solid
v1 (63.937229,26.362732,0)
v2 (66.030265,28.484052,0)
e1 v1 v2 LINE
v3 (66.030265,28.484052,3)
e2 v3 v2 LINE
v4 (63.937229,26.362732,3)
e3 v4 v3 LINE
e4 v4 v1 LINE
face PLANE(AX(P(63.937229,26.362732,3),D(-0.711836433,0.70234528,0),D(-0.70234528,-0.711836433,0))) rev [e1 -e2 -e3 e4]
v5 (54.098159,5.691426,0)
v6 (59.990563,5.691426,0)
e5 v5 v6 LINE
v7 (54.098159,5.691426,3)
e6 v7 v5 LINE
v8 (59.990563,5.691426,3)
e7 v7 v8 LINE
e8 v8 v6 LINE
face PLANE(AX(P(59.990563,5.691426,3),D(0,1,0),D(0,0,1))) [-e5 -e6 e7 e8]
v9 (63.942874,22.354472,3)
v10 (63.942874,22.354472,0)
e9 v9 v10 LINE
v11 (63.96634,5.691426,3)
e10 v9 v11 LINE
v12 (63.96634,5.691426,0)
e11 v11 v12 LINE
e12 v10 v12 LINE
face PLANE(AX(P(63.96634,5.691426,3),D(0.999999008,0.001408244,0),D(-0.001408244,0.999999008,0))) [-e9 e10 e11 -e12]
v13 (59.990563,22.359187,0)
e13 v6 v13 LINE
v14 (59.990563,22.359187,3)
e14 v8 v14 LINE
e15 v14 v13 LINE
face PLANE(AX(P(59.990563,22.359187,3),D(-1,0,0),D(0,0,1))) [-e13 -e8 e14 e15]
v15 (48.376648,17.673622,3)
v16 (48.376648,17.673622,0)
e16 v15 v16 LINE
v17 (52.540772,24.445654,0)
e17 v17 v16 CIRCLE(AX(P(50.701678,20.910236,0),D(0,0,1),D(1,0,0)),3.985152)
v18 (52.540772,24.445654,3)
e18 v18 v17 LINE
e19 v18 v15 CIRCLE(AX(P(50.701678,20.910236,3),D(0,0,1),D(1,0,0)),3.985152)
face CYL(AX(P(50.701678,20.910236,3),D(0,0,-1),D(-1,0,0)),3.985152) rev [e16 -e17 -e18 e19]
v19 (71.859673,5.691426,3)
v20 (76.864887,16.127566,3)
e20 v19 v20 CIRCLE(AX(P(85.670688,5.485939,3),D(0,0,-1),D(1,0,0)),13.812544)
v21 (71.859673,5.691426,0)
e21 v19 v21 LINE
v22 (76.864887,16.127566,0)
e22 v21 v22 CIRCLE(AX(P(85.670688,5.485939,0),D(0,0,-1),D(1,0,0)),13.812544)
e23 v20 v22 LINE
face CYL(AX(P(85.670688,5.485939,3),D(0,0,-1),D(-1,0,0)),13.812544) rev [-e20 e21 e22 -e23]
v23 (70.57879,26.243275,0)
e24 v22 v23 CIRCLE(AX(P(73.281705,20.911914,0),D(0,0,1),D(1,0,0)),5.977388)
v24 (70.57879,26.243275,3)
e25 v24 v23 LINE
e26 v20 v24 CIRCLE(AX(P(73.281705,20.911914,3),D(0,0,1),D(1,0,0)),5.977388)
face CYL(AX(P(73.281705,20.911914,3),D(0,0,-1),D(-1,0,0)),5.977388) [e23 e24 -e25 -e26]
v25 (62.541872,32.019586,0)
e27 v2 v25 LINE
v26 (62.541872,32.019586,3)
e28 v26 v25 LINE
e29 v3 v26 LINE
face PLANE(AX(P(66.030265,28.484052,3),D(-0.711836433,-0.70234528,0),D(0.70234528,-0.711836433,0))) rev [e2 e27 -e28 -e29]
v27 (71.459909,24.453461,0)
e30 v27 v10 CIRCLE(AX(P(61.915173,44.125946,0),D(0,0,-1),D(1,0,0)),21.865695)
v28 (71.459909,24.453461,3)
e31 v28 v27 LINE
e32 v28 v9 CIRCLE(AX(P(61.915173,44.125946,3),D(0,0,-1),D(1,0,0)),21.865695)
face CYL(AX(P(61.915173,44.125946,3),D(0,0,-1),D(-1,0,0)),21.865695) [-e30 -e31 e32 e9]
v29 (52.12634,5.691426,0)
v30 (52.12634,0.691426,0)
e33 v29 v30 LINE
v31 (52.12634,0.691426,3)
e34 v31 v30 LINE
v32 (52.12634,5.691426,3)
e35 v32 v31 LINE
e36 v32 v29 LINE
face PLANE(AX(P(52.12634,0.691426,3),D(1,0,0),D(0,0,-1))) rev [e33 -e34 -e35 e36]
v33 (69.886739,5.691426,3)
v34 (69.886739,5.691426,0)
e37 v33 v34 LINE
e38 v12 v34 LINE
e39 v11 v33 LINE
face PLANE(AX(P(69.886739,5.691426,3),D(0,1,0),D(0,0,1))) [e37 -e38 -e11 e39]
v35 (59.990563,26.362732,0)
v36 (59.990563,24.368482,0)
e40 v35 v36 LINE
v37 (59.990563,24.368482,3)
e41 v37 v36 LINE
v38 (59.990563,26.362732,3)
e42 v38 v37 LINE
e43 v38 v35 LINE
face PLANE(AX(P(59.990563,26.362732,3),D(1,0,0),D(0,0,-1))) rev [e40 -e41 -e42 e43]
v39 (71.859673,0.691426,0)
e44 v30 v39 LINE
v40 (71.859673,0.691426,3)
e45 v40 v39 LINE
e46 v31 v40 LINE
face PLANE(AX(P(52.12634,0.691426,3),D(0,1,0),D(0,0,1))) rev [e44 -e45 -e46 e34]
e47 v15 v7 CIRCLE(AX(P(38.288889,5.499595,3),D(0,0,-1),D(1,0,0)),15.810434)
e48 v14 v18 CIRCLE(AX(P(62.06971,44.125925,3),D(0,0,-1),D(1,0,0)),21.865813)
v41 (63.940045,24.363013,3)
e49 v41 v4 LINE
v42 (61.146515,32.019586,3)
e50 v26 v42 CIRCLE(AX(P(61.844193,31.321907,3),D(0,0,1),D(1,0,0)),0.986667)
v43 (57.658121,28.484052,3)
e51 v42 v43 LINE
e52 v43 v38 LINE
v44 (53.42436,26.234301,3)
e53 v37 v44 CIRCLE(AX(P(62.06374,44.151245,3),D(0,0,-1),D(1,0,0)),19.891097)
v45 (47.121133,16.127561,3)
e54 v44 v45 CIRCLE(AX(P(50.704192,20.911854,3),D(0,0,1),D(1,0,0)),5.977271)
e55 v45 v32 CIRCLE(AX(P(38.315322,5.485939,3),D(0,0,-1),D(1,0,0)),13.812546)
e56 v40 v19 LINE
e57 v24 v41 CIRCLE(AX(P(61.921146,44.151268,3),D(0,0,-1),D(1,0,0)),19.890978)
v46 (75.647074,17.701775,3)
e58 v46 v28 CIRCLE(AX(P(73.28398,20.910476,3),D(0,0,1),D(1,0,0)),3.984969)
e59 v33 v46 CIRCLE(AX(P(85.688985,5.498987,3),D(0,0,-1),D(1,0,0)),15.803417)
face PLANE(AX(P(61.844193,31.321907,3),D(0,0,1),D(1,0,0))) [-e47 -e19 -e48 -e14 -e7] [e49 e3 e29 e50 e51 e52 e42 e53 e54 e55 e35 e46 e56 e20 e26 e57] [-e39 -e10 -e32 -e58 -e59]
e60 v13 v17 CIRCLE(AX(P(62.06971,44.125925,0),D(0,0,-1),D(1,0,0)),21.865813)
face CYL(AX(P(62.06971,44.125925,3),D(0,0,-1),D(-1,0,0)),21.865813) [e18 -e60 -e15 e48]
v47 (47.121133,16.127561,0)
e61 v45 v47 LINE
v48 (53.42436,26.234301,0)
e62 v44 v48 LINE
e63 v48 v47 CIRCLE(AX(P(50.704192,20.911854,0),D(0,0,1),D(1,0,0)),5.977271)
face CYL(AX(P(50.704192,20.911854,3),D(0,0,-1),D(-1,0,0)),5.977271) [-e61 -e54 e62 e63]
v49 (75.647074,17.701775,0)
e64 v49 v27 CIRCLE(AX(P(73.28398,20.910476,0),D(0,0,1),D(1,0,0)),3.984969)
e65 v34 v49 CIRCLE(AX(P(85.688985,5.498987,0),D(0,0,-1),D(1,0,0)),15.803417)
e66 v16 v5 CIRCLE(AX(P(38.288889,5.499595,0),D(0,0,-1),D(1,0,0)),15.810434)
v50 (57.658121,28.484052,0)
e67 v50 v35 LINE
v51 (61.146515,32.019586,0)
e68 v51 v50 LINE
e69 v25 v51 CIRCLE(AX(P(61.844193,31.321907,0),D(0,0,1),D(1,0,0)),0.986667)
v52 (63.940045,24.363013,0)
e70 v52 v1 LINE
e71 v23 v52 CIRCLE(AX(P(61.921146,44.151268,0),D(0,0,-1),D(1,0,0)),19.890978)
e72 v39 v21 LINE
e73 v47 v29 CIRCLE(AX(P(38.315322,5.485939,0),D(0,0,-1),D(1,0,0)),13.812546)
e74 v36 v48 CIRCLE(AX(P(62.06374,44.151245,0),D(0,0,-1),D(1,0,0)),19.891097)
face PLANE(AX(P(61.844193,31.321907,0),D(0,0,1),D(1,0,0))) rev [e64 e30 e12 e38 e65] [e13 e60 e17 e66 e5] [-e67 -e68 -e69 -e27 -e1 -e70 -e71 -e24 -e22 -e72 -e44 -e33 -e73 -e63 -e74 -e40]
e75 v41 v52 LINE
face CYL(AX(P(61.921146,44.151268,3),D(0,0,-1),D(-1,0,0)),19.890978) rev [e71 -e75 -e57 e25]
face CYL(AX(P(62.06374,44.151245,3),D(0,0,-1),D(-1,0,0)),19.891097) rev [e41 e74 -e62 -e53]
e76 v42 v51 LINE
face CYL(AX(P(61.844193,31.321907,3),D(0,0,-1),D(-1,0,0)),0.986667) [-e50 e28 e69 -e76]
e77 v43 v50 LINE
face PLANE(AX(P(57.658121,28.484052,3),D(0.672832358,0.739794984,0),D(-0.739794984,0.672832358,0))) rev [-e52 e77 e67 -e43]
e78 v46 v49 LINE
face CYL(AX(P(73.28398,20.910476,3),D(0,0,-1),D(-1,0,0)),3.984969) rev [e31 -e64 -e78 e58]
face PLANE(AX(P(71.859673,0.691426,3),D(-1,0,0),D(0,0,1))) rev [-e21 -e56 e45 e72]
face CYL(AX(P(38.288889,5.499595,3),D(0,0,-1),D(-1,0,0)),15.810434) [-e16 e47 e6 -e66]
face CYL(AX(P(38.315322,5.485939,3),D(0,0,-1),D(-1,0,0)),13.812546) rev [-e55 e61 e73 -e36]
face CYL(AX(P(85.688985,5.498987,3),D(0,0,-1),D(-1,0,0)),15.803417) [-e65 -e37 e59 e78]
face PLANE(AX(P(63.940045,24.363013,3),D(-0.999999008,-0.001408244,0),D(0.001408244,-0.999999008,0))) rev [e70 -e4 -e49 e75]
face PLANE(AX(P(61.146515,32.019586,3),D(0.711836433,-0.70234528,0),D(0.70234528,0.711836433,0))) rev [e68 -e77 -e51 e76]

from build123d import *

# Parameters (mm, degrees)
SALIENTE_EXTRUIR1_DEPTH = 3


with BuildPart() as part:
    # Model → Saliente-Extruir1 (new body)
    with BuildSketch(Plane.XY):
        with BuildLine():
            Line((52.126339564, 0.69142602), (71.859672897, 0.69142602))
            Line((71.859672897, 0.69142602), (71.859672897, 5.69142602))
            ThreePointArc((71.859672897, 5.69142602), (73.216437638, 11.459046612), (76.864886687, 16.127566441))
            ThreePointArc((76.864886687, 16.127566441), (78.358673415, 24.066839848), (70.578789676, 26.243275014))
            ThreePointArc((70.578789676, 26.243275014), (67.341569383, 25.013085855), (63.940045397, 24.363012656))
            Line((63.940045397, 24.363012656), (63.937229303, 26.362731754))
            Line((63.937229303, 26.362731754), (66.030265375, 28.484052098))
            Line((66.030265375, 28.484052098), (62.541871922, 32.019586004))
            ThreePointArc((62.541871922, 32.019586004), (61.844193231, 32.30857398), (61.14651454, 32.019586004))
            Line((61.14651454, 32.019586004), (57.658121086, 28.484052098))
            Line((57.658121086, 28.484052098), (59.990562636, 26.362731754))
            Line((59.990562636, 26.362731754), (59.990562636, 24.368482398))
            ThreePointArc((59.990562636, 24.368482398), (56.626825565, 25.017616984), (53.424360475, 26.234301063))
            ThreePointArc((53.424360475, 26.234301063), (45.632437064, 24.074933253), (47.121132781, 16.127561055))
            ThreePointArc((47.121132781, 16.127561055), (48.940005662, 14.312179557), (50.391114233, 12.191285299))
            ThreePointArc((50.391114233, 12.191285299), (51.660499902, 9.048614396), (52.126339564, 5.69142602))
            Line((52.126339564, 5.69142602), (52.126339564, 0.69142602))
        make_face()
        with BuildLine():
            Line((59.990562636, 22.359186797), (59.990562636, 5.69142602))
            Line((59.990562636, 5.69142602), (54.098159046, 5.69142602))
            ThreePointArc((54.098159046, 5.69142602), (52.556239166, 12.312269616), (48.376647716, 17.673622257))
            ThreePointArc((48.376647716, 17.673622257), (47.306956592, 22.997651717), (52.54077152, 24.445653821))
            ThreePointArc((52.54077152, 24.445653821), (56.172655621, 23.070320202), (59.990562636, 22.359186797))
        make_face(mode=Mode.SUBTRACT)
        with BuildLine():
            Line((63.966339564, 5.69142602), (63.942873914, 22.354472252))
            ThreePointArc((63.942873914, 22.354472252), (67.795799116, 23.065868121), (71.459909133, 24.453461173))
            ThreePointArc((71.459909133, 24.453461173), (76.670564355, 23.010720068), (75.647074312, 17.701774987))
            ThreePointArc((75.647074312, 17.701774987), (71.439696493, 12.333149563), (69.886739491, 5.69142602))
            Line((69.886739491, 5.69142602), (63.966339564, 5.69142602))
        make_face(mode=Mode.SUBTRACT)
    extrude(amount=SALIENTE_EXTRUIR1_DEPTH)


solid = part.part
